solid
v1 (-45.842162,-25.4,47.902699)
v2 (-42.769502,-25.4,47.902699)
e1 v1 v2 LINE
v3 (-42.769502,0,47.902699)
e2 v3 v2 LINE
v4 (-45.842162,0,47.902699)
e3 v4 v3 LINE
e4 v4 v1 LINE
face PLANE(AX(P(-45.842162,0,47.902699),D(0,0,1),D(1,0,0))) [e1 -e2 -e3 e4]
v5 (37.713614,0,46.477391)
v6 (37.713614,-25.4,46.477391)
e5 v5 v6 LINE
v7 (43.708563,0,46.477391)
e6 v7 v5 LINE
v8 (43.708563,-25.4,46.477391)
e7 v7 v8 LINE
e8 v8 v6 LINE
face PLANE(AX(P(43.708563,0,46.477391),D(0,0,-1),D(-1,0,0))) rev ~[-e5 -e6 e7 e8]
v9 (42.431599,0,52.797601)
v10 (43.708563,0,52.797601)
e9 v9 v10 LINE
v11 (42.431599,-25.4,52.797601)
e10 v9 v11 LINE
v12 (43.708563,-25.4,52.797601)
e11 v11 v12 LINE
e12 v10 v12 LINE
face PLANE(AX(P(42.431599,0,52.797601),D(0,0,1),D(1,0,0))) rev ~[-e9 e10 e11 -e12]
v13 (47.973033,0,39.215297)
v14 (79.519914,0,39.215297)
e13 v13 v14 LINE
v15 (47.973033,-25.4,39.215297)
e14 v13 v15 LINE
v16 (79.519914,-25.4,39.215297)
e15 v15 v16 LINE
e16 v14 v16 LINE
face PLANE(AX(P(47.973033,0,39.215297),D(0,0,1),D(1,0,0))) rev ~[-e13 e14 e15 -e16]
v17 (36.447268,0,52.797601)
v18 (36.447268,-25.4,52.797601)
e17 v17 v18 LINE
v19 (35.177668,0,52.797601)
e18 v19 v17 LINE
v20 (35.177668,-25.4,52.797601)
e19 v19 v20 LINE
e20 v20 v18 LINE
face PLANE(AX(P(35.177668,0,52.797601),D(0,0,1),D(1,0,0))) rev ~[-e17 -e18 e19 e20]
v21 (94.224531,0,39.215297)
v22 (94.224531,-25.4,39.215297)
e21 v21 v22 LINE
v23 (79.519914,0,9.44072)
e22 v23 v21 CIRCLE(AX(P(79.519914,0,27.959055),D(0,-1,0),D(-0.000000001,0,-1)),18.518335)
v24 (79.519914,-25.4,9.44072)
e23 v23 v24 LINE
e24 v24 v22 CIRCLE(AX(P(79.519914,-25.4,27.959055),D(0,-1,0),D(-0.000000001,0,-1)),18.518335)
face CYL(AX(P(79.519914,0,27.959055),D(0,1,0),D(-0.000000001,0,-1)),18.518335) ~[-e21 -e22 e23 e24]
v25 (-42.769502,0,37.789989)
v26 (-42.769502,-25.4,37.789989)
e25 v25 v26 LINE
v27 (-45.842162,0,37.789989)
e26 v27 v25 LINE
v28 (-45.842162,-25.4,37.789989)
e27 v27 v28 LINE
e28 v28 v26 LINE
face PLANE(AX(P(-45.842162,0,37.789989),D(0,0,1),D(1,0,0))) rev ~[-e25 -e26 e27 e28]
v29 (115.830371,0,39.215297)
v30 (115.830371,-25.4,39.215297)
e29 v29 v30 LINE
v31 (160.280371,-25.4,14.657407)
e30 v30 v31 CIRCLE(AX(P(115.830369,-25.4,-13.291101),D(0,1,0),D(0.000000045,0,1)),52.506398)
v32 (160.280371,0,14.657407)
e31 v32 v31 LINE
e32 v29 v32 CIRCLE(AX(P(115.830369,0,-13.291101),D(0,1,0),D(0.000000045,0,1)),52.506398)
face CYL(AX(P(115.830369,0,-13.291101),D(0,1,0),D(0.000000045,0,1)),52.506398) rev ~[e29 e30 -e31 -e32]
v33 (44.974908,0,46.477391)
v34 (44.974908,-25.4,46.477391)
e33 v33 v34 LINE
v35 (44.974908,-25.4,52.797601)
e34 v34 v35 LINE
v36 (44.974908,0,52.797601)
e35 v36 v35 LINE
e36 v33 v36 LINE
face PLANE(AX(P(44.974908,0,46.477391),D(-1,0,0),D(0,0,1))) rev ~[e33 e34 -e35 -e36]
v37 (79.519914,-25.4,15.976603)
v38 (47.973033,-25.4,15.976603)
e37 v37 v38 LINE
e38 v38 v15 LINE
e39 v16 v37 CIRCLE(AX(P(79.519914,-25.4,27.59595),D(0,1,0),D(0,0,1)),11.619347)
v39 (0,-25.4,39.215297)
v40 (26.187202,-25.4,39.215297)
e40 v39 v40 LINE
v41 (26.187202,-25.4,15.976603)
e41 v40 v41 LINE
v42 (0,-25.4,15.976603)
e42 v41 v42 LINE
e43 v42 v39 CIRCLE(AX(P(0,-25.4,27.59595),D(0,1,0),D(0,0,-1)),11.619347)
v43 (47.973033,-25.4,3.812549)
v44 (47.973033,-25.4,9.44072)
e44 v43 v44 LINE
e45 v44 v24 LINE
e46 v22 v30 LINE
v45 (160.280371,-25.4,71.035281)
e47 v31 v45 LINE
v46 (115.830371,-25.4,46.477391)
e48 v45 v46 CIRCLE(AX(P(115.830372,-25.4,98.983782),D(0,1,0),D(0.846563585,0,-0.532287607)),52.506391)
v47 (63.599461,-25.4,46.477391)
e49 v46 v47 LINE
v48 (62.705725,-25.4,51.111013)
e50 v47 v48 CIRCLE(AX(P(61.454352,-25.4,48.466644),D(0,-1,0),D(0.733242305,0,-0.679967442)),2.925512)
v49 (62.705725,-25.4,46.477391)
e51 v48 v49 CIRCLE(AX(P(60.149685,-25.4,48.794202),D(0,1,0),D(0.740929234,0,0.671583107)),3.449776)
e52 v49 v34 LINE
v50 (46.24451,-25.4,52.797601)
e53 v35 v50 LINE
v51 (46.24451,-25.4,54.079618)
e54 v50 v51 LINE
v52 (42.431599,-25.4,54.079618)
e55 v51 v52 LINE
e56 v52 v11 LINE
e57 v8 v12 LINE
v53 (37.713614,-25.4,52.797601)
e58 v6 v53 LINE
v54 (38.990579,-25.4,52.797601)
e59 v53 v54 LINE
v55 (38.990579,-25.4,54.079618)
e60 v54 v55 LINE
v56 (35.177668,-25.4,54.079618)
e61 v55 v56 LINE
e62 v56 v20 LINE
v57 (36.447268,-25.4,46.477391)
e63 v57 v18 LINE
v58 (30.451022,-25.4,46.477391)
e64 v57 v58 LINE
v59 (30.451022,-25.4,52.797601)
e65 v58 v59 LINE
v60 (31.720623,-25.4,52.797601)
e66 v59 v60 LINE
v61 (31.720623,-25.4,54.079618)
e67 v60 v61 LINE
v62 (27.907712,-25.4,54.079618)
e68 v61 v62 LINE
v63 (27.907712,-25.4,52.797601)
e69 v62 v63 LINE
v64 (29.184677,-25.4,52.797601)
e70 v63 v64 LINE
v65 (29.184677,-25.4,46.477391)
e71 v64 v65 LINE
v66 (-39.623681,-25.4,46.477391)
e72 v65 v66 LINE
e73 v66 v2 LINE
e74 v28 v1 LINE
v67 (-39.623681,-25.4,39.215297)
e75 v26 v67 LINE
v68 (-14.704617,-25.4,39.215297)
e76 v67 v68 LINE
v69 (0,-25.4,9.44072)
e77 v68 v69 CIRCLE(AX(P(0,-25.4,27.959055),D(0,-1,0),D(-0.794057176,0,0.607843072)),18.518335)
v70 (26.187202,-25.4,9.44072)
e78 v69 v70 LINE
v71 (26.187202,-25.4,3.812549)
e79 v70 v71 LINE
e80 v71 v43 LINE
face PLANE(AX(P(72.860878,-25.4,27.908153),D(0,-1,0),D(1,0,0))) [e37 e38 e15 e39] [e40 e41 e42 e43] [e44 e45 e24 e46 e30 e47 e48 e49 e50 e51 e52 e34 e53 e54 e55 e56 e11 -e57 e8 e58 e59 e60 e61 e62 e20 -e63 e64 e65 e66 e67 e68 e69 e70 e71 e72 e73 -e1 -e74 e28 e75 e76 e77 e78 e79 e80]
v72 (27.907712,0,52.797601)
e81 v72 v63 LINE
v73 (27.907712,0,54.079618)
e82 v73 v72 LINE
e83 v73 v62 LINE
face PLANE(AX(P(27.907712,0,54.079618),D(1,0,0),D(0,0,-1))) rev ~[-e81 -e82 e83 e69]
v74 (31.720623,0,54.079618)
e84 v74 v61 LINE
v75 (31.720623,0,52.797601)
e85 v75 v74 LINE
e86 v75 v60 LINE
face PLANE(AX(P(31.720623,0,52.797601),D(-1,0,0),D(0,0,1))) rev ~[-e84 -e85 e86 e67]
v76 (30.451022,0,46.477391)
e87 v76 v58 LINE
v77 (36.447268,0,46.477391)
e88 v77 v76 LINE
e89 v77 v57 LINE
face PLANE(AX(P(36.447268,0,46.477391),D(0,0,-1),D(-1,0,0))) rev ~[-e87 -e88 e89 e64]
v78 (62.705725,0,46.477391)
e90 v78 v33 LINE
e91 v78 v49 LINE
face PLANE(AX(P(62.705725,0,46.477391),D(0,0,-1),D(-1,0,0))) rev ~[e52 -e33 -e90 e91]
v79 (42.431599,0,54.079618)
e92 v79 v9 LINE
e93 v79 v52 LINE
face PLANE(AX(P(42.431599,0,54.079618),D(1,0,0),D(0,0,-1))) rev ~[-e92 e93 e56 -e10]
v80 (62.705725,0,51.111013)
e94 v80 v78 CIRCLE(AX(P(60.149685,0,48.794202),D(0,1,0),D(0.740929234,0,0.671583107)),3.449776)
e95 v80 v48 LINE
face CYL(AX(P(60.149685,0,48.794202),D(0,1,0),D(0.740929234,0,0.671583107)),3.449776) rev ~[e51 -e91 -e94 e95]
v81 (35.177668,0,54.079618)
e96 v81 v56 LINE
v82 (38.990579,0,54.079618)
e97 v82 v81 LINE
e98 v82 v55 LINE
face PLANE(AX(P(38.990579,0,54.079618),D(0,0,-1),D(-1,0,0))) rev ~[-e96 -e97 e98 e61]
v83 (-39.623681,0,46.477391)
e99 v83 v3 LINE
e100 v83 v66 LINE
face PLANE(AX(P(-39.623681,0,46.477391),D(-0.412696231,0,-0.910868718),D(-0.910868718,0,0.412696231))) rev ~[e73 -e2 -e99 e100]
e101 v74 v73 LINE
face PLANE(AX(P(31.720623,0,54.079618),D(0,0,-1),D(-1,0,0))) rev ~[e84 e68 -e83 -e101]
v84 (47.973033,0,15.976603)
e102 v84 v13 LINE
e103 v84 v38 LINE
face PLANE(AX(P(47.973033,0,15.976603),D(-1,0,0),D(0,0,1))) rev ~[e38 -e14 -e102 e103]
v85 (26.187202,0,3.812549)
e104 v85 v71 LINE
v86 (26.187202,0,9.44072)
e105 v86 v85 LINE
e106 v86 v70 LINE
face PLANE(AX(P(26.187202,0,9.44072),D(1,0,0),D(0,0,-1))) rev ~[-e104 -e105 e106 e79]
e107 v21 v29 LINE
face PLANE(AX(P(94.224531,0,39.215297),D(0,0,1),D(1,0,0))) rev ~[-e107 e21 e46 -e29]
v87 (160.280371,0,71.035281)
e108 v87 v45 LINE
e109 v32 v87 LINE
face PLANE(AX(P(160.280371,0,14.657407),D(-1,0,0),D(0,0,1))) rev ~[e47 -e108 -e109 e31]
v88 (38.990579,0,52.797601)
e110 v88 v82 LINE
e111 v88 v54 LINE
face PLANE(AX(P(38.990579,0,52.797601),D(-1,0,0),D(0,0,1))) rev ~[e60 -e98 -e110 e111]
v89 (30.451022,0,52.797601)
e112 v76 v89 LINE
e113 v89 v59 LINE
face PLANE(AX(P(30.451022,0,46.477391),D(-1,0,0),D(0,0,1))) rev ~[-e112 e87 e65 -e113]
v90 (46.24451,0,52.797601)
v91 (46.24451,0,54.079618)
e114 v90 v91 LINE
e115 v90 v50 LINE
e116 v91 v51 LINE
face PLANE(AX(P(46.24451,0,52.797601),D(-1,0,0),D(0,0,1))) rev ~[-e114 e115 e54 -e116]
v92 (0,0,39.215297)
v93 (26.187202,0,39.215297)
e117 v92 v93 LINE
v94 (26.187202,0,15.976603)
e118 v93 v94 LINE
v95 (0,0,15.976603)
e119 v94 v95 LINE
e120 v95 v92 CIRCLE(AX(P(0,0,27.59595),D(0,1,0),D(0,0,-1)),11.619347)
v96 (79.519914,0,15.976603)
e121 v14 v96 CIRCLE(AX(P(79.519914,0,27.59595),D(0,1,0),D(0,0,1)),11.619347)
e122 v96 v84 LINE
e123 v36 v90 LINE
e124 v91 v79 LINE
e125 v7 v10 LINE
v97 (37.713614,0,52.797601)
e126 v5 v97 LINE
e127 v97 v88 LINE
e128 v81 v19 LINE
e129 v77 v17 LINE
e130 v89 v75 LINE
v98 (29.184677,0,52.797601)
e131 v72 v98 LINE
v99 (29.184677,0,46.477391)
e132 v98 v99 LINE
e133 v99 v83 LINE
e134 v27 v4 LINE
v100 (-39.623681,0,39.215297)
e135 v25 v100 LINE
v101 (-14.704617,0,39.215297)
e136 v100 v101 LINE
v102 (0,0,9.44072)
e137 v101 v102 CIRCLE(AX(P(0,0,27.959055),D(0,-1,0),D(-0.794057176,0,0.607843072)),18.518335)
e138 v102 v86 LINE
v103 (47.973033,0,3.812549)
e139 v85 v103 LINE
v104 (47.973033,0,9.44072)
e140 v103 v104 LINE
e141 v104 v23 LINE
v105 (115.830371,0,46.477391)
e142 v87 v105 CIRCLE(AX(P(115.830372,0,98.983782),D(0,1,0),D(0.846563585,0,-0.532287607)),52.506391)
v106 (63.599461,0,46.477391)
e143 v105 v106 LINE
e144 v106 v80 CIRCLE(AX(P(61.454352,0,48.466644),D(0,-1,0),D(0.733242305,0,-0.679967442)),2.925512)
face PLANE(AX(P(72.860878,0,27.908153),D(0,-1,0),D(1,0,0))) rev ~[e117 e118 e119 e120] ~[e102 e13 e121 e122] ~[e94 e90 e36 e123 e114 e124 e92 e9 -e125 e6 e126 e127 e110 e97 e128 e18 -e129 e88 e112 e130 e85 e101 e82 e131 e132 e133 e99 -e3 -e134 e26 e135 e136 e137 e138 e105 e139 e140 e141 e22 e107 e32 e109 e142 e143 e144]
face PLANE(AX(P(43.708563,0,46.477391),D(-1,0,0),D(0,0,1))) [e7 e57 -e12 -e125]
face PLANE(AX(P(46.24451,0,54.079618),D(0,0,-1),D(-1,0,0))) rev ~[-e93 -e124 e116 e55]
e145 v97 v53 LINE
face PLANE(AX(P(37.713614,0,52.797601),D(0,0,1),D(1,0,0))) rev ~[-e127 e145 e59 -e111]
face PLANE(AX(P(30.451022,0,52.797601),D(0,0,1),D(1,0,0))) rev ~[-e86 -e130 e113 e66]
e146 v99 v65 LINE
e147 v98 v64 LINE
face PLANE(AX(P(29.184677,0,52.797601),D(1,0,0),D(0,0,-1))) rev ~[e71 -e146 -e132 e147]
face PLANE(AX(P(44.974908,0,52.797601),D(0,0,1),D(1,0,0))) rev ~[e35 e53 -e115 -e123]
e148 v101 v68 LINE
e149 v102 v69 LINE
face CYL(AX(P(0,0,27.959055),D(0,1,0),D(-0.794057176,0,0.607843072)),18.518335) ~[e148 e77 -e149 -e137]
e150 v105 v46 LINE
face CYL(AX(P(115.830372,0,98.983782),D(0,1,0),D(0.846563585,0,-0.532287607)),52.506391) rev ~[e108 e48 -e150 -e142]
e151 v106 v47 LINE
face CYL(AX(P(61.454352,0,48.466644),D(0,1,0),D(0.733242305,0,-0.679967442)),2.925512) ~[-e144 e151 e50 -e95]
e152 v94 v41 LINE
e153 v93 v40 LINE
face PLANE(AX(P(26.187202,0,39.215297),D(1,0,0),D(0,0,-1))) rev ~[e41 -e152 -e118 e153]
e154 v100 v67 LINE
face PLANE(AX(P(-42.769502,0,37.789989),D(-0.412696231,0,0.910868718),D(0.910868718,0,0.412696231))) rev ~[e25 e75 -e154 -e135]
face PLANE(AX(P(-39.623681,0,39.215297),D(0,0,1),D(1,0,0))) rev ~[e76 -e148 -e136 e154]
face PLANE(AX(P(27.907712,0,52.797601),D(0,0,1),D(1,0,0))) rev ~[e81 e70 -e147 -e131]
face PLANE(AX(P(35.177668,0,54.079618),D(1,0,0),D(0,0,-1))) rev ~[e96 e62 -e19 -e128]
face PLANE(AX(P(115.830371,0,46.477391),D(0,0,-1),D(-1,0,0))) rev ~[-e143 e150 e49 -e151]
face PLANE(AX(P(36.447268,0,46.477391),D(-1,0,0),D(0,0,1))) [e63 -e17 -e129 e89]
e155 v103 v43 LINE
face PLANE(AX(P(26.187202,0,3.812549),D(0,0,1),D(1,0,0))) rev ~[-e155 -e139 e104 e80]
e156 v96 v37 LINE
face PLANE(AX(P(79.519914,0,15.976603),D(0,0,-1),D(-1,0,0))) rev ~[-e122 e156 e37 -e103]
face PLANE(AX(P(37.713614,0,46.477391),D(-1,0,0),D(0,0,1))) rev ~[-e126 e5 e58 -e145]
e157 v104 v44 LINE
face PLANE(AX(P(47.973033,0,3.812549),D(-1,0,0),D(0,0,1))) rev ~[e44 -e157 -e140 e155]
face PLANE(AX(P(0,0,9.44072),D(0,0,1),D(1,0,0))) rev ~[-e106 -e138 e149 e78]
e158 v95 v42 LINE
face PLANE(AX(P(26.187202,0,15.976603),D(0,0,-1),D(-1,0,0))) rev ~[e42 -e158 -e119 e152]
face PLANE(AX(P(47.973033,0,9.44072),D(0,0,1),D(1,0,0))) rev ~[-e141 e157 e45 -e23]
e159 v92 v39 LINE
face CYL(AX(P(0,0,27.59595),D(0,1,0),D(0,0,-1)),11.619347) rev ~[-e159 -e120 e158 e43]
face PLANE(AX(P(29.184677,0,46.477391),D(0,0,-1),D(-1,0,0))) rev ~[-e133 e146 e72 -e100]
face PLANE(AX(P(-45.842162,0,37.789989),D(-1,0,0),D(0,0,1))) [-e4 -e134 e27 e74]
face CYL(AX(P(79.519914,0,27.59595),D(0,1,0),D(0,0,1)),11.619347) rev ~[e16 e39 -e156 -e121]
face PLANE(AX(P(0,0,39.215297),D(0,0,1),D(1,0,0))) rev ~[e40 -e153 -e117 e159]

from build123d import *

# Parameters (mm, degrees)
F0_W     = 1.266345
F0_H     = 6.32021
F0_W_2   = 2.438912
F0_H_2   = 7.262094
F0_W_3   = 3.07266
F0_H_3   = 10.11271
F1_DEPTH = 25.4


with BuildPart() as f1:
    # F0 (on Front) → F1 (new body)
    with BuildSketch(Plane.XZ):
        with BuildLine():
            ThreePointArc((79.519914, 39.215297), (91.139261, 27.59595), (79.519914, 15.976603))
            Line((79.519914, 15.976603), (55.234976, 15.976603))
            Line((55.234976, 15.976603), (47.973033, 15.976603))
            Line((47.973033, 15.976603), (47.973033, 9.44072))
            Line((47.973033, 9.44072), (55.234976, 9.44072))
            Line((55.234976, 9.44072), (79.519914, 9.44072))
            ThreePointArc((79.519914, 9.44072), (96.123763, 19.758998), (94.224531, 39.215297))
            ThreePointArc((94.224531, 39.215297), (87.719972, 44.562904), (79.519914, 46.477391))
            Line((79.519914, 46.477391), (63.599461, 46.477391))
            Line((63.599461, 46.477391), (62.705725, 46.477391))
            Line((62.705725, 46.477391), (55.234976, 46.477391))
            Line((55.234976, 46.477391), (47.973033, 46.477391))
            Line((47.973033, 46.477391), (47.973033, 39.215297))
            Line((47.973033, 39.215297), (55.234976, 39.215297))
            Line((55.234976, 39.215297), (79.519914, 39.215297))
        make_face()
        Polygon((47.973033, 9.44072), (47.973033, 15.976603), (47.973033, 39.215297), (47.973033, 46.477391), (44.974909, 46.477391), (43.708564, 46.477391), (40.711089, 46.477391), (40.711089, 3.812549), (47.973033, 3.812549), align=None)
        with Locations((44.341736, 49.637496)):
            Rectangle(F0_W, F0_H)
        Polygon((33.449145, 3.812549), (40.711089, 3.812549), (40.711089, 46.477391), (37.713614, 46.477391), (36.447269, 46.477391), (33.449145, 46.477391), align=None)
        with BuildLine():
            ThreePointArc((62.705725, 51.111013), (63.599461, 48.794202), (62.705725, 46.477391))
            Line((62.705725, 46.477391), (63.599461, 46.477391))
            ThreePointArc((63.599461, 46.477391), (64.326918, 49.020706), (62.705725, 51.111013))
        make_face()
        Polygon((43.708564, 52.797601), (44.974909, 52.797601), (46.24451, 52.797601), (46.24451, 54.079618), (44.974909, 54.079618), (43.708564, 54.079618), (42.431599, 54.079618), (42.431599, 52.797601), align=None)
        Polygon((26.187202, 3.812549), (33.449145, 3.812549), (33.449145, 46.477391), (30.451022, 46.477391), (29.818174, 46.477391), (29.184677, 46.477391), (26.187202, 46.477391), (26.187202, 39.215297), (26.187202, 15.976603), (26.187202, 9.44072), align=None)
        with BuildLine():
            ThreePointArc((79.519914, 46.477391), (87.719972, 44.562904), (94.224531, 39.215297))
            Line((94.224531, 39.215297), (115.830371, 39.215297))
            ThreePointArc((115.830371, 39.215297), (141.221769, 32.667561), (160.280371, 14.657407))
            Line((160.280371, 14.657407), (160.280371, 39.215297))
            Line((160.280371, 39.215297), (160.280371, 42.846344))
            Line((160.280371, 42.846344), (160.280371, 46.477391))
            Line((160.280371, 46.477391), (160.280371, 57.156805))
            Line((160.280371, 57.156805), (160.280371, 71.035281))
            ThreePointArc((160.280371, 71.035281), (141.221769, 53.025126), (115.830371, 46.477391))
            Line((115.830371, 46.477391), (79.519914, 46.477391))
        make_face()
        with Locations((37.080441, 49.637496)):
            Rectangle(F0_W, F0_H)
        Polygon((36.447269, 52.797601), (37.713614, 52.797601), (38.990579, 52.797601), (38.990579, 54.079618), (37.713614, 54.079618), (36.447269, 54.079618), (35.177668, 54.079618), (35.177668, 52.797601), align=None)
        Polygon((29.818174, 46.477391), (30.451022, 46.477391), (30.451022, 52.797601), (29.184677, 52.797601), (29.184677, 46.477391), align=None)
        with BuildLine():
            Line((0, 9.44072), (26.187202, 9.44072))
            Line((26.187202, 9.44072), (26.187202, 15.976603))
            Line((26.187202, 15.976603), (0, 15.976603))
            ThreePointArc((0, 15.976603), (-11.619347, 27.59595), (0, 39.215297))
            Line((0, 39.215297), (26.187202, 39.215297))
            Line((26.187202, 39.215297), (26.187202, 46.477391))
            Line((26.187202, 46.477391), (0, 46.477391))
            ThreePointArc((0, 46.477391), (-8.200058, 44.562904), (-14.704617, 39.215297))
            ThreePointArc((-14.704617, 39.215297), (-16.603849, 19.758998), (0, 9.44072))
        make_face()
        Polygon((29.184677, 52.797601), (30.451022, 52.797601), (31.720623, 52.797601), (31.720623, 54.079618), (30.451022, 54.079618), (29.184677, 54.079618), (27.907712, 54.079618), (27.907712, 52.797601), align=None)
        with BuildLine():
            Line((-37.184769, 39.215297), (-14.704617, 39.215297))
            ThreePointArc((-14.704617, 39.215297), (-8.200058, 44.562904), (0, 46.477391))
            Line((0, 46.477391), (-37.184769, 46.477391))
            Line((-37.184769, 46.477391), (-37.184769, 39.215297))
        make_face()
        with Locations((-38.404225, 42.846344)):
            Rectangle(F0_W_2, F0_H_2)
        Polygon((-42.769502, 37.789989), (-39.623681, 39.215297), (-39.623681, 46.477391), (-42.769502, 47.902699), align=None)
        with Locations((-44.305832, 42.846344)):
            Rectangle(F0_W_3, F0_H_3)
    extrude(amount=F1_DEPTH)


solid = f1.part
